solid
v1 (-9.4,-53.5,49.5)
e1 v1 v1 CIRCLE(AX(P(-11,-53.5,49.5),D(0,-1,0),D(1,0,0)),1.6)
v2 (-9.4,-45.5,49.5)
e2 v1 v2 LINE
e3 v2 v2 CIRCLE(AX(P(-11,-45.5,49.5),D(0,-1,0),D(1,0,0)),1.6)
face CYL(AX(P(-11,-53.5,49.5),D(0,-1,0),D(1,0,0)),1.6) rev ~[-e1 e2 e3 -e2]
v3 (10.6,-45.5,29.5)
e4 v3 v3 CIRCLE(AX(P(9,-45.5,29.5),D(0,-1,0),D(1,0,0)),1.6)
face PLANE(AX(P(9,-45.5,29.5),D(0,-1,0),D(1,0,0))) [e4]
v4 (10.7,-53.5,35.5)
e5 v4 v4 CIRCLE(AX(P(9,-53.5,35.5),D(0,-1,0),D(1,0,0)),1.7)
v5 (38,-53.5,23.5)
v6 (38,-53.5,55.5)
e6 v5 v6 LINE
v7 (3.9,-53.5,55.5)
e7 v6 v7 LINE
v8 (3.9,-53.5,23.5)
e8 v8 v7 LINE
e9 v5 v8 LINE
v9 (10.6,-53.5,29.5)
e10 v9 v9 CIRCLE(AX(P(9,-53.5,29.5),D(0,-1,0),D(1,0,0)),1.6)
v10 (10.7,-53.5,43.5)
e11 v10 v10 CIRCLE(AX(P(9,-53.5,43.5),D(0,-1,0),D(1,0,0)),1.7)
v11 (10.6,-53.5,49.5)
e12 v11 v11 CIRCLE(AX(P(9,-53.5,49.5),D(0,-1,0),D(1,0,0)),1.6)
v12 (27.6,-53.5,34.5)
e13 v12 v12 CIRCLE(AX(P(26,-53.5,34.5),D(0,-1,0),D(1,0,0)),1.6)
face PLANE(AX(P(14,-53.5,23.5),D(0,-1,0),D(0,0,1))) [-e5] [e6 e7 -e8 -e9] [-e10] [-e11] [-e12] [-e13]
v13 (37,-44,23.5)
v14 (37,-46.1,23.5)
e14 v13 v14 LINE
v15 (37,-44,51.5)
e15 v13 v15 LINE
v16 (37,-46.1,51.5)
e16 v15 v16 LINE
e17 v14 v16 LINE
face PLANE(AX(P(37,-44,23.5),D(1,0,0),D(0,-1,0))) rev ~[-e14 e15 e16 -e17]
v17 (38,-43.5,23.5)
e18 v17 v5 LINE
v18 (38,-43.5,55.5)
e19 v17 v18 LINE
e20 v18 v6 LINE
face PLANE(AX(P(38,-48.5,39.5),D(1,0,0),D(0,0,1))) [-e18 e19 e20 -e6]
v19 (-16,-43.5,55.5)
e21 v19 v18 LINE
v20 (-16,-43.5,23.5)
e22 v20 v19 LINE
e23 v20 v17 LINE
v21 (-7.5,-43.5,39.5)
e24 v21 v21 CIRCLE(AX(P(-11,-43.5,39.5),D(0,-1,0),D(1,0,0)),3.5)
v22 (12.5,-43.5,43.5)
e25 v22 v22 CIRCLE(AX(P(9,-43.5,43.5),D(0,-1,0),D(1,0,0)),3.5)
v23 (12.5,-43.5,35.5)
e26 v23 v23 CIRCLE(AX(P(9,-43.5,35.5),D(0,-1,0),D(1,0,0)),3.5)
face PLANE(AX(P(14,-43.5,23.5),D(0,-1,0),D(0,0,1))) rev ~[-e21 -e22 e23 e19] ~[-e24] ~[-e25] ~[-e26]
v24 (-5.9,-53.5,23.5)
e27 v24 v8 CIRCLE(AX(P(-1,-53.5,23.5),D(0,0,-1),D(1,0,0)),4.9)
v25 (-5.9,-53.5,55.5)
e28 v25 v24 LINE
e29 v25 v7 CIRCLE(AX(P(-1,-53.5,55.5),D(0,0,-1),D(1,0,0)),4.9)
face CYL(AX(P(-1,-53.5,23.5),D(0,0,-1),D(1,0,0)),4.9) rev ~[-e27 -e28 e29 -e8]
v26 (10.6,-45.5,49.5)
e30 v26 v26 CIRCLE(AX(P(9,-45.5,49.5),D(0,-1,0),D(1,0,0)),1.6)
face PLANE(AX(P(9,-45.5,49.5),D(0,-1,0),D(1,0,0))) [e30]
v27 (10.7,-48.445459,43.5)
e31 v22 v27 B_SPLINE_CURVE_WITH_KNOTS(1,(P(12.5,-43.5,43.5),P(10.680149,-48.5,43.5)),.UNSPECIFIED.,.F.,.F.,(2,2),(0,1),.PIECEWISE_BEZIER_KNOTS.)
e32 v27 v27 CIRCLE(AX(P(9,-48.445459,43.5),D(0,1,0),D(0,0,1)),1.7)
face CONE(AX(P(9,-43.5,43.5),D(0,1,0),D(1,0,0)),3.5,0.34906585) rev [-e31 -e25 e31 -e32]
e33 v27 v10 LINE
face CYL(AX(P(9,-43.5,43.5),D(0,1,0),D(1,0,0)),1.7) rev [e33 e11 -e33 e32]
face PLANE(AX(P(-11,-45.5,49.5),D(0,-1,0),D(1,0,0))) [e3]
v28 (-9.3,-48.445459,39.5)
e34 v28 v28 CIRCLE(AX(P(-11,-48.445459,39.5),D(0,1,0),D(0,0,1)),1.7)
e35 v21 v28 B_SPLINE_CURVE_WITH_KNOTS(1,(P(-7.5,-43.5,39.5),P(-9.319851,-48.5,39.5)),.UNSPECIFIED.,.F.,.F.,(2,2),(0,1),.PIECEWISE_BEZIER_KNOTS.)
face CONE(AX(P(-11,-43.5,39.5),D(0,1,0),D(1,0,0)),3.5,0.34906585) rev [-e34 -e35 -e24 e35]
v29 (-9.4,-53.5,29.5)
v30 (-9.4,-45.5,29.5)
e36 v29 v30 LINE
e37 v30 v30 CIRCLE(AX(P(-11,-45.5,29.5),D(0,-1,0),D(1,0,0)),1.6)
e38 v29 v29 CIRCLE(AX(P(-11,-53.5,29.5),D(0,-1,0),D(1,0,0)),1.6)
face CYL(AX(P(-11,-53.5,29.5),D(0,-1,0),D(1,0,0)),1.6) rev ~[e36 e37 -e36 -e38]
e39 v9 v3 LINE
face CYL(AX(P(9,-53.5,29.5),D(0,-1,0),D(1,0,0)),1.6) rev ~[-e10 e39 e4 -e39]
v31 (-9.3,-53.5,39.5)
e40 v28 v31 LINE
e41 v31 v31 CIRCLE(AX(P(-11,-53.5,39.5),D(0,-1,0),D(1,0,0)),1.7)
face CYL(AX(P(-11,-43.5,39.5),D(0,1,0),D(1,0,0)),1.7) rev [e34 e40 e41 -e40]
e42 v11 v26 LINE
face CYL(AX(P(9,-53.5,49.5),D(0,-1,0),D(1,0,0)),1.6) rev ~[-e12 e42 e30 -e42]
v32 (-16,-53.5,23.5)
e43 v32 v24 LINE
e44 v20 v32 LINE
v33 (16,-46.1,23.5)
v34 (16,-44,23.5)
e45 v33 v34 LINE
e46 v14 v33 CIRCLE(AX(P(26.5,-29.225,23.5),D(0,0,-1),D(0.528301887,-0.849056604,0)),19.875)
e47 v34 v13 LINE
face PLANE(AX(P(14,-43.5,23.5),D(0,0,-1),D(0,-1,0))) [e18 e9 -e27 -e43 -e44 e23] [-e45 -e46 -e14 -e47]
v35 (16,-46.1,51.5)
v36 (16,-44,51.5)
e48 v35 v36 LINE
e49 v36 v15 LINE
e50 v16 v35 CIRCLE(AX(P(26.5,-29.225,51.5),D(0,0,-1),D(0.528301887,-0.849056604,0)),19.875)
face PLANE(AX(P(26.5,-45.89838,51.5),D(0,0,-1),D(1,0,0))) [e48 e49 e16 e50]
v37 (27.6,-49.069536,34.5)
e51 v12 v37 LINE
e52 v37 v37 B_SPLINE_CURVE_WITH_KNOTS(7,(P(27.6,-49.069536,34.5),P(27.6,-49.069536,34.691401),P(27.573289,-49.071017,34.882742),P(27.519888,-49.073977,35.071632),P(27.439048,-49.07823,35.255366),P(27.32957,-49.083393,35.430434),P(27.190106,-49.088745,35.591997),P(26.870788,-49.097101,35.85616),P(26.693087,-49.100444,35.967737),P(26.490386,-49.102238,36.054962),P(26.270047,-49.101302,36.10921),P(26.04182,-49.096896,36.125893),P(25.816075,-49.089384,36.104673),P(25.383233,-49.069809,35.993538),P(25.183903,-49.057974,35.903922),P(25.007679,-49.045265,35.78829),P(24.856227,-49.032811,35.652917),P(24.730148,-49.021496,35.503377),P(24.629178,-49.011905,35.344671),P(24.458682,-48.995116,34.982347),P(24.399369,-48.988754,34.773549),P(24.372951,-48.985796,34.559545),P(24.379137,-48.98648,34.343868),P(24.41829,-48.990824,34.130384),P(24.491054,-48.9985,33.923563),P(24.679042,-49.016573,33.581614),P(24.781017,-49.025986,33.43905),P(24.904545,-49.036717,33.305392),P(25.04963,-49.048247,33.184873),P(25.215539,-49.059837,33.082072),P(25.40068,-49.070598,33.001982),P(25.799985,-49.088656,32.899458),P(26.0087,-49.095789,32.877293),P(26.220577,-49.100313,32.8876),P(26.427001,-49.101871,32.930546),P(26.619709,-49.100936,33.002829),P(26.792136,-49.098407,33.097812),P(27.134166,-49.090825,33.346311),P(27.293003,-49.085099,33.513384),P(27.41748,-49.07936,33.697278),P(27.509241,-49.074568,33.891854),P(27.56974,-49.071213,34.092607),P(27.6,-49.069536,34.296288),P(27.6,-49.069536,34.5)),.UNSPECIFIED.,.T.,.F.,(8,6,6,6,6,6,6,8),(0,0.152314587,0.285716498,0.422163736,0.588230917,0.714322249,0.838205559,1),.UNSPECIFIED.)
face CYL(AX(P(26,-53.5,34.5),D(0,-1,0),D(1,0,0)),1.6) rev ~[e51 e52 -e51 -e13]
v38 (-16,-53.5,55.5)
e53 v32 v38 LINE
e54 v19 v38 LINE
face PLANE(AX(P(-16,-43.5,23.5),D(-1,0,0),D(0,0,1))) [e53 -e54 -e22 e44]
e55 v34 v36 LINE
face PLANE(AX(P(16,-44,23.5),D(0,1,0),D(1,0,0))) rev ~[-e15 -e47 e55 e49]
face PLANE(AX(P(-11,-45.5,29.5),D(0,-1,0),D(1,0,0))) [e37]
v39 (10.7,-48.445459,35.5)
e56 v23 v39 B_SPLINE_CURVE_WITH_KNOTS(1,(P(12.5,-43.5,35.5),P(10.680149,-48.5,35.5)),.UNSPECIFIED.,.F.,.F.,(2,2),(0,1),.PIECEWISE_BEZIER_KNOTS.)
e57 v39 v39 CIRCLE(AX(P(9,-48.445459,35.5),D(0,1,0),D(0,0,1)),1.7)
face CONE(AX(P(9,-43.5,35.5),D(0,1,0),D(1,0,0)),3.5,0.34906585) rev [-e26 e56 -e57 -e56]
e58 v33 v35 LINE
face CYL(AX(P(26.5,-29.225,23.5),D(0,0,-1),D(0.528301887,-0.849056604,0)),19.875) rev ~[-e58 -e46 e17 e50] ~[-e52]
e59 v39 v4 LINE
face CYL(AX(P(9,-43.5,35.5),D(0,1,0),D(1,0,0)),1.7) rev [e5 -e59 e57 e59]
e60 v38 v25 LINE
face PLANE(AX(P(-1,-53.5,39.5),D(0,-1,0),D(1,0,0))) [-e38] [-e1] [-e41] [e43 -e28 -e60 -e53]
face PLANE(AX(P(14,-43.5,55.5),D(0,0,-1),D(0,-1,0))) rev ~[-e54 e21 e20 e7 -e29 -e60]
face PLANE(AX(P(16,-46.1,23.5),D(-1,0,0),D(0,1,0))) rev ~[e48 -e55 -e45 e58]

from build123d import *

# Parameters (mm, degrees)
SKETCH056_W     = 30
SKETCH056_H     = 32
SKETCH056_R     = 1.7
PAD037_DEPTH    = 10
SKETCH057_R     = 3.5
POCKET020_DEPTH = 5
POCKET020_TAPER = 20
SKETCH059_R     = 4.9
POCKET022_DEPTH = 32
SKETCH060_W     = 32
SKETCH060_H     = 10
PAD038_DEPTH    = 24
POCKET023_DEPTH = 28
SKETCH062_R     = 1.6
POCKET024_DEPTH = 8


with BuildPart() as part:
    # Sketch056 → Pad037 (new body)
    with BuildSketch(Plane.XZ):
        Rectangle(SKETCH056_W, SKETCH056_H)
        with Locations((10, 4)):
            Circle(SKETCH056_R, mode=Mode.SUBTRACT)
        with Locations((10, -4)):
            Circle(SKETCH056_R, mode=Mode.SUBTRACT)
        with Locations((-10, 0)):
            Circle(SKETCH056_R, mode=Mode.SUBTRACT)
    extrude(amount=PAD037_DEPTH)

    # Sketch057 (on Face8 of Pad037) → Pocket020 (cut)
    with BuildSketch(Plane(origin=(0, 0, 0), x_dir=(1, 0, 0), z_dir=(0, 1, 0))):
        with Locations((-10, 0)):
            Circle(SKETCH057_R)
        with Locations((10, 4)):
            Circle(SKETCH057_R)
        with Locations((10, -4)):
            Circle(SKETCH057_R)
    extrude(amount=-POCKET020_DEPTH, taper=POCKET020_TAPER, mode=Mode.SUBTRACT)

    # Sketch059 (on Face1 of Pocket020) → Pocket022 (cut)
    with BuildSketch(Plane(origin=(0, 0, -16), x_dir=(1, 0, 0), z_dir=(0, 0, -1))):
        with Locations((0, 10)):
            Circle(SKETCH059_R)
    extrude(amount=-POCKET022_DEPTH, mode=Mode.SUBTRACT)

    # Sketch060 (on Face3 of Pocket022) → Pad038 (join)
    with BuildSketch(Plane(origin=(15, 0, 0), x_dir=(0, 0, 1), z_dir=(1, 0, 0))):
        with Locations((0, 5)):
            Rectangle(SKETCH060_W, SKETCH060_H)
    extrude(amount=PAD038_DEPTH)

    # Sketch061 (on Face2 of Pad038) → Pocket023 (cut)
    with BuildSketch(Plane(origin=(0, 0, -16), x_dir=(1, 0, 0), z_dir=(0, 0, -1))):
        with BuildLine():
            Line((17, 2.6), (17, 0.5))
            Line((17, 0.5), (38, 0.5))
            Line((38, 0.5), (38, 2.6))
            ThreePointArc((38, 2.6), (27.5, 5.6), (17, 2.6))
        make_face()
    extrude(amount=-POCKET023_DEPTH, mode=Mode.SUBTRACT)

    # Sketch062 (on Face3 of Pocket023) → Pocket024 (cut)
    with BuildSketch(Plane.XZ.offset(10)):
        with Locations((-10, 10)):
            Circle(SKETCH062_R)
        with Locations((-10, -10)):
            Circle(SKETCH062_R)
        with Locations((10, 10)):
            Circle(SKETCH062_R)
        with Locations((10, -10)):
            Circle(SKETCH062_R)
        with Locations((27, -5)):
            Circle(SKETCH062_R)
    extrude(amount=-POCKET024_DEPTH, mode=Mode.SUBTRACT)


with BuildPart() as part_1:
    # Body010 placement: moved
    add(part.part.moved(Location((-1, -43.5, 39.5))))


solid = part_1.part
